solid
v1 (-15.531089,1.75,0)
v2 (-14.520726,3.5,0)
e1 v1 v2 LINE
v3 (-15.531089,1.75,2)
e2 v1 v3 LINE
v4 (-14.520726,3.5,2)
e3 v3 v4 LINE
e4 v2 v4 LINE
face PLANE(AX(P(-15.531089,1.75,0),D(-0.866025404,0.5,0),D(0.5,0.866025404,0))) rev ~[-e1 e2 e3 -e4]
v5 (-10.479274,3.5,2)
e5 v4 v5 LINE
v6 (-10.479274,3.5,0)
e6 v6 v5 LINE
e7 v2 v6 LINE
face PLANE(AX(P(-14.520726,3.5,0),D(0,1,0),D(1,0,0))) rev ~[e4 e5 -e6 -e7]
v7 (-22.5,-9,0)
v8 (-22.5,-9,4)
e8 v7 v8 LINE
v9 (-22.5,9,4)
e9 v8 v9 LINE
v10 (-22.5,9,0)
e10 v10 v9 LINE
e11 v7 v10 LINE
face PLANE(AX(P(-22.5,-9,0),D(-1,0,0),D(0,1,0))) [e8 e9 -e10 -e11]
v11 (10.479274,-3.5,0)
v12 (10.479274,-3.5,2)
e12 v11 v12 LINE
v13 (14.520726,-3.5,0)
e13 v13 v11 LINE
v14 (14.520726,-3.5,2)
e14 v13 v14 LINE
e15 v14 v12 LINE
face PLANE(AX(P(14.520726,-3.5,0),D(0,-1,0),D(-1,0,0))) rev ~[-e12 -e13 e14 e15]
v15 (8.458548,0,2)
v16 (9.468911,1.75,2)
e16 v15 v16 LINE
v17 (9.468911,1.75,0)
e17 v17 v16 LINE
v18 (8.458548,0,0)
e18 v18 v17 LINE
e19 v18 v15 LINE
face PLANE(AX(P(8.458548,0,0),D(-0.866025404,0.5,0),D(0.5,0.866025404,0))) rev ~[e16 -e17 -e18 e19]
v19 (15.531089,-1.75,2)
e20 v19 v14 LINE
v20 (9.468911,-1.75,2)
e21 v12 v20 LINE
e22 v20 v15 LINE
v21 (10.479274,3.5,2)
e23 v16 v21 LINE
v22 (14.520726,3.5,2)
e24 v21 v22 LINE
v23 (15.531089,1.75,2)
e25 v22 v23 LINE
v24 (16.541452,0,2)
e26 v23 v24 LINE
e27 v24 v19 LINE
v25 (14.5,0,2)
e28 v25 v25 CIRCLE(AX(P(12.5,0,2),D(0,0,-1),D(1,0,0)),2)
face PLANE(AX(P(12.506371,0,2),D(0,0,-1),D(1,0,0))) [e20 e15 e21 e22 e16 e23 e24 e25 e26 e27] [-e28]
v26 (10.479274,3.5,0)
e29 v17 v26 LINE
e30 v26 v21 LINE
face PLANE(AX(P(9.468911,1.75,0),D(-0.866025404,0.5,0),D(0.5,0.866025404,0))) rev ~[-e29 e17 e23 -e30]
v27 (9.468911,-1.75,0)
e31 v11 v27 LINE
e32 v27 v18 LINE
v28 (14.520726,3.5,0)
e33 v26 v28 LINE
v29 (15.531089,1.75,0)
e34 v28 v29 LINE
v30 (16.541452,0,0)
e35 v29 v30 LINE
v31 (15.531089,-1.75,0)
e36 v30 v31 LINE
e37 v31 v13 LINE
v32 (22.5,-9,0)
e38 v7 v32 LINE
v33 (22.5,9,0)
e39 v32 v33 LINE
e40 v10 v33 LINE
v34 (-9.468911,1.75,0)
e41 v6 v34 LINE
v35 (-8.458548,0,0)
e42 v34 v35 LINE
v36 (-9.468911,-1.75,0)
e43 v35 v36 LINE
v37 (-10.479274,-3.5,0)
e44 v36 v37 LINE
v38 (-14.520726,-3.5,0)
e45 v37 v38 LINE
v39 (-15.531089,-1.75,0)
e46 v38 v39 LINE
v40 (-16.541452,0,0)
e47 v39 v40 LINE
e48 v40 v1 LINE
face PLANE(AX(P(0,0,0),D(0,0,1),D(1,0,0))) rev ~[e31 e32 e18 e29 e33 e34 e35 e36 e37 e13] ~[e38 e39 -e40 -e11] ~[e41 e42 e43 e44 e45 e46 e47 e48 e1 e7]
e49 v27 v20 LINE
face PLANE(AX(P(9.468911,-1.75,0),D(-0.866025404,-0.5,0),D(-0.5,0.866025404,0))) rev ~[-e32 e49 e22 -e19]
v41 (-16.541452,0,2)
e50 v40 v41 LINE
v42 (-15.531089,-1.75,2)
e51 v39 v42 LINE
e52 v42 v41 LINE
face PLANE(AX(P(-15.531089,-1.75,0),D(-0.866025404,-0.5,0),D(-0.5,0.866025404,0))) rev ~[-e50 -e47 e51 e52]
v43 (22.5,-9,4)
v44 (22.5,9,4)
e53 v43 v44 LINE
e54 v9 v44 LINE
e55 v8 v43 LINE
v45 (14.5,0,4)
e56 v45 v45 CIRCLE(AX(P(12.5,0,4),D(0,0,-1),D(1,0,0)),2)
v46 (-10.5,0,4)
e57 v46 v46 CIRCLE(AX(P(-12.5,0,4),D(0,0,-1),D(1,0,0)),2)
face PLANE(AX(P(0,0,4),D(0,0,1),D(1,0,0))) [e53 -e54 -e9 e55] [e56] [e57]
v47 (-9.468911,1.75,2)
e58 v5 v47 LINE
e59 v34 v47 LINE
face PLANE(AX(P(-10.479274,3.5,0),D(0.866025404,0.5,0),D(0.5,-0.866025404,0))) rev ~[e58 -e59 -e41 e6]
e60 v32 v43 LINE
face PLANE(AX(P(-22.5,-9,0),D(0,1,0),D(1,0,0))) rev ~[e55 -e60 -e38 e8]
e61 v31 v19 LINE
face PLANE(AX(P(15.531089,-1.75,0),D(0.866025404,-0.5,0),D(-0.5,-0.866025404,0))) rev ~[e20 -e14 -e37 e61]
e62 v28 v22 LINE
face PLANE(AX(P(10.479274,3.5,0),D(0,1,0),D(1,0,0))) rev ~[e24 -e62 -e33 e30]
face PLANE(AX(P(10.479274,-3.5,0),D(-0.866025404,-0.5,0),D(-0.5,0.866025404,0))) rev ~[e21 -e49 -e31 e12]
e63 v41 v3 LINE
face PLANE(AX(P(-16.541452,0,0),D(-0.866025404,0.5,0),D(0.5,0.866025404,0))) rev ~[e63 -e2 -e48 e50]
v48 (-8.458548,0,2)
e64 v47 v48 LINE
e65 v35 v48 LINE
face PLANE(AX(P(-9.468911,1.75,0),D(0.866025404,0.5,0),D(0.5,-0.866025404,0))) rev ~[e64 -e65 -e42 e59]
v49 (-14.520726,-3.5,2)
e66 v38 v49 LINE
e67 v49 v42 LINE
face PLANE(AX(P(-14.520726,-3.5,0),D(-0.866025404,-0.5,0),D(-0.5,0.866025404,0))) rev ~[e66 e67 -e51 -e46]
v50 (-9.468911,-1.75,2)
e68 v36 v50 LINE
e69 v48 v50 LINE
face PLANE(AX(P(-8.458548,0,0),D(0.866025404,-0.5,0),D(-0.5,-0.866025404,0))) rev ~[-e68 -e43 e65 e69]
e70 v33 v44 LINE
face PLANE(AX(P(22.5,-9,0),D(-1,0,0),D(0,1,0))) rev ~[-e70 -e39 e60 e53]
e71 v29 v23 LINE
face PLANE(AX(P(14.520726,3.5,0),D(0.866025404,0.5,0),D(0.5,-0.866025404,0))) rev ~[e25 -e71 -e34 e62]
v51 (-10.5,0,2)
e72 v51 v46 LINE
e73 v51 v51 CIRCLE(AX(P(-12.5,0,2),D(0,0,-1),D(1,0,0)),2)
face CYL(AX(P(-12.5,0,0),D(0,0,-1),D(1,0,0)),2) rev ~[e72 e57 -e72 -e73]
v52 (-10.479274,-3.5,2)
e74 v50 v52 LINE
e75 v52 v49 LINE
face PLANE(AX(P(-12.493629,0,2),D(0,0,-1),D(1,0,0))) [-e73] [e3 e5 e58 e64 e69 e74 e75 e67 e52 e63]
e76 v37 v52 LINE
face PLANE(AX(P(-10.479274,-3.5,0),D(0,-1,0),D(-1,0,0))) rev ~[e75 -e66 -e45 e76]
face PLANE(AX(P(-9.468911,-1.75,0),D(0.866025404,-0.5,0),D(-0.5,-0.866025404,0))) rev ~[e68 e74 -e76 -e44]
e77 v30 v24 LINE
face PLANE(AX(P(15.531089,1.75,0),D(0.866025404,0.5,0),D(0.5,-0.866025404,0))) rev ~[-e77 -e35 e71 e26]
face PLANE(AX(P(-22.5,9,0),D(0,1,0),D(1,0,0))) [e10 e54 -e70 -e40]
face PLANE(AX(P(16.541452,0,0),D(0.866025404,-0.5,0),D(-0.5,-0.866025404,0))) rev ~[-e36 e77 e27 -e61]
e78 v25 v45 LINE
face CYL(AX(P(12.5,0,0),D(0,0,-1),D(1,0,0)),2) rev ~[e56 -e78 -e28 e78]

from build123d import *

# Parameters (mm, degrees)
F0_W     = 45
F0_H     = 18
F1_DEPTH = 4
F3_DEPTH = 2
F4_R     = 2
F5_DEPTH = 25


with BuildPart() as f1:
    # F0 (on Top) → F1 (new body)
    with BuildSketch(Plane.XY):
        Rectangle(F0_W, F0_H)
        Polygon((-12.5, 4.0414518843), (-9, 2.0207259422), (-9, -2.0207259422), (-12.5, -4.0414518843), (-16, -2.0207259422), (-16, 2.0207259422), align=None, mode=Mode.SUBTRACT)
        Polygon((12.5, 4.0414518843), (16, 2.0207259422), (16, -2.0207259422), (12.5, -4.0414518843), (9, -2.0207259422), (9, 2.0207259422), align=None, mode=Mode.SUBTRACT)
        Polygon((-9, -2.0207259422), (-9, 2.0207259422), (-12.5, 4.0414518843), (-16, 2.0207259422), (-16, -2.0207259422), (-12.5, -4.0414518843), align=None)
        Polygon((16, -2.0207259422), (16, 2.0207259422), (12.5, 4.0414518843), (9, 2.0207259422), (9, -2.0207259422), (12.5, -4.0414518843), align=None)
    extrude(amount=F1_DEPTH)

    # F2 (on face) → F3 (cut)
    with BuildSketch(Plane(origin=(0, 0, 0), x_dir=(1, 0, 0), z_dir=(0, 0, -1))):
        with BuildLine():
            ThreePointArc((-9.4689111711, -1.750000146), (-9.1192596298, -0.9058667393), (-9, 0))
            ThreePointArc((-9, 0), (-9.1192596232, 0.9058667146), (-9.4689111455, 1.7500001018))
            ThreePointArc((-9.4689111455, 1.7500001018), (-10.7500000509, 3.0310889426), (-12.5, 3.5))
            ThreePointArc((-12.5, 3.5), (-14.2499999465, 3.0310889441), (-15.5310888515, 1.750000107))
            ThreePointArc((-15.5310888515, 1.750000107), (-16, 1.113e-07), (-15.5310889628, -1.7499999142))
            ThreePointArc((-15.5310889628, -1.7499999142), (-14.2500000429, -3.0310888885), (-12.5, -3.5))
            ThreePointArc((-12.5, -3.5), (-10.750000073, -3.0310889554), (-9.4689111711, -1.750000146))
        make_face()
        with BuildLine():
            ThreePointArc((-15.5310888515, 1.750000107), (-14.2499999465, 3.0310889441), (-12.5, 3.5))
            Line((-12.5, 3.5), (-14.5207259422, 3.5))
            Line((-14.5207259422, 3.5), (-15.5310888515, 1.750000107))
        make_face()
        with BuildLine():
            ThreePointArc((-15.5310889628, -1.7499999142), (-16, 1.113e-07), (-15.5310888515, 1.750000107))
            Line((-15.5310888515, 1.750000107), (-16.5414518843, 0))
            Line((-16.5414518843, 0), (-15.5310889628, -1.7499999142))
        make_face()
        with BuildLine():
            Line((-14.5207259422, -3.5), (-12.5, -3.5))
            ThreePointArc((-12.5, -3.5), (-14.2500000429, -3.0310888885), (-15.5310889628, -1.7499999142))
            Line((-15.5310889628, -1.7499999142), (-14.5207259422, -3.5))
        make_face()
        with BuildLine():
            Line((-10.4792740578, -3.5), (-9.4689111711, -1.750000146))
            ThreePointArc((-9.4689111711, -1.750000146), (-10.750000073, -3.0310889554), (-12.5, -3.5))
            Line((-12.5, -3.5), (-10.4792740578, -3.5))
        make_face()
        with BuildLine():
            ThreePointArc((-9.4689111455, 1.7500001018), (-9.1192596232, 0.9058667146), (-9, 0))
            ThreePointArc((-9, 0), (-9.1192596298, -0.9058667393), (-9.4689111711, -1.750000146))
            Line((-9.4689111711, -1.750000146), (-8.4585481157, 0))
            Line((-8.4585481157, 0), (-9.4689111455, 1.7500001018))
        make_face()
        with BuildLine():
            ThreePointArc((-12.5, 3.5), (-10.7500000509, 3.0310889426), (-9.4689111455, 1.7500001018))
            Line((-9.4689111455, 1.7500001018), (-10.4792740578, 3.5))
            Line((-10.4792740578, 3.5), (-12.5, 3.5))
        make_face()
        with BuildLine():
            ThreePointArc((15.5310888131, -1.7500001734), (15.8807403661, -0.9058667546), (16, 0))
            ThreePointArc((16, 0), (15.8807403727, 0.9058667299), (15.5310888387, 1.7500001291))
            ThreePointArc((15.5310888387, 1.7500001291), (14.2499999354, 3.0310889505), (12.5, 3.5))
            ThreePointArc((12.5, 3.5), (10.7499999929, 3.0310889092), (9.4689110786, 1.7499999859))
            ThreePointArc((9.4689110786, 1.7499999859), (9, -1.92e-08), (9.4689110978, -1.7500000191))
            ThreePointArc((9.4689110978, -1.7500000191), (10.7500000096, -3.0310889188), (12.5, -3.5))
            ThreePointArc((12.5, -3.5), (14.2499999133, -3.0310889633), (15.5310888131, -1.7500001734))
        make_face()
        with BuildLine():
            ThreePointArc((15.5310888387, 1.7500001291), (15.8807403727, 0.9058667299), (16, 0))
            ThreePointArc((16, 0), (15.8807403661, -0.9058667546), (15.5310888131, -1.7500001734))
            Line((15.5310888131, -1.7500001734), (16.5414518843, 0))
            Line((16.5414518843, 0), (15.5310888387, 1.7500001291))
        make_face()
        with BuildLine():
            Line((14.5207259422, -3.5), (15.5310888131, -1.7500001734))
            ThreePointArc((15.5310888131, -1.7500001734), (14.2499999133, -3.0310889633), (12.5, -3.5))
            Line((12.5, -3.5), (14.5207259422, -3.5))
        make_face()
        with BuildLine():
            Line((10.4792740578, -3.5), (12.5, -3.5))
            ThreePointArc((12.5, -3.5), (10.7500000096, -3.0310889188), (9.4689110978, -1.7500000191))
            Line((9.4689110978, -1.7500000191), (10.4792740578, -3.5))
        make_face()
        with BuildLine():
            ThreePointArc((9.4689110978, -1.7500000191), (9, -1.92e-08), (9.4689110786, 1.7499999859))
            Line((9.4689110786, 1.7499999859), (8.4585481157, 0))
            Line((8.4585481157, 0), (9.4689110978, -1.7500000191))
        make_face()
        with BuildLine():
            ThreePointArc((9.4689110786, 1.7499999859), (10.7499999929, 3.0310889092), (12.5, 3.5))
            Line((12.5, 3.5), (10.4792740578, 3.5))
            Line((10.4792740578, 3.5), (9.4689110786, 1.7499999859))
        make_face()
        with BuildLine():
            ThreePointArc((12.5, 3.5), (14.2499999354, 3.0310889505), (15.5310888387, 1.7500001291))
            Line((15.5310888387, 1.7500001291), (14.5207259422, 3.5))
            Line((14.5207259422, 3.5), (12.5, 3.5))
        make_face()
    extrude(amount=-F3_DEPTH, mode=Mode.SUBTRACT)

    # F4 (on face) → F5 (cut)
    with BuildSketch(Plane(origin=(0, 0, 0), x_dir=(1, 0, 0), z_dir=(0, 0, -1))):
        with Locations((-12.5, 0)):
            Circle(F4_R)
        with Locations((12.5, 0)):
            Circle(F4_R)
    extrude(amount=-F5_DEPTH, mode=Mode.SUBTRACT)


solid = f1.part
